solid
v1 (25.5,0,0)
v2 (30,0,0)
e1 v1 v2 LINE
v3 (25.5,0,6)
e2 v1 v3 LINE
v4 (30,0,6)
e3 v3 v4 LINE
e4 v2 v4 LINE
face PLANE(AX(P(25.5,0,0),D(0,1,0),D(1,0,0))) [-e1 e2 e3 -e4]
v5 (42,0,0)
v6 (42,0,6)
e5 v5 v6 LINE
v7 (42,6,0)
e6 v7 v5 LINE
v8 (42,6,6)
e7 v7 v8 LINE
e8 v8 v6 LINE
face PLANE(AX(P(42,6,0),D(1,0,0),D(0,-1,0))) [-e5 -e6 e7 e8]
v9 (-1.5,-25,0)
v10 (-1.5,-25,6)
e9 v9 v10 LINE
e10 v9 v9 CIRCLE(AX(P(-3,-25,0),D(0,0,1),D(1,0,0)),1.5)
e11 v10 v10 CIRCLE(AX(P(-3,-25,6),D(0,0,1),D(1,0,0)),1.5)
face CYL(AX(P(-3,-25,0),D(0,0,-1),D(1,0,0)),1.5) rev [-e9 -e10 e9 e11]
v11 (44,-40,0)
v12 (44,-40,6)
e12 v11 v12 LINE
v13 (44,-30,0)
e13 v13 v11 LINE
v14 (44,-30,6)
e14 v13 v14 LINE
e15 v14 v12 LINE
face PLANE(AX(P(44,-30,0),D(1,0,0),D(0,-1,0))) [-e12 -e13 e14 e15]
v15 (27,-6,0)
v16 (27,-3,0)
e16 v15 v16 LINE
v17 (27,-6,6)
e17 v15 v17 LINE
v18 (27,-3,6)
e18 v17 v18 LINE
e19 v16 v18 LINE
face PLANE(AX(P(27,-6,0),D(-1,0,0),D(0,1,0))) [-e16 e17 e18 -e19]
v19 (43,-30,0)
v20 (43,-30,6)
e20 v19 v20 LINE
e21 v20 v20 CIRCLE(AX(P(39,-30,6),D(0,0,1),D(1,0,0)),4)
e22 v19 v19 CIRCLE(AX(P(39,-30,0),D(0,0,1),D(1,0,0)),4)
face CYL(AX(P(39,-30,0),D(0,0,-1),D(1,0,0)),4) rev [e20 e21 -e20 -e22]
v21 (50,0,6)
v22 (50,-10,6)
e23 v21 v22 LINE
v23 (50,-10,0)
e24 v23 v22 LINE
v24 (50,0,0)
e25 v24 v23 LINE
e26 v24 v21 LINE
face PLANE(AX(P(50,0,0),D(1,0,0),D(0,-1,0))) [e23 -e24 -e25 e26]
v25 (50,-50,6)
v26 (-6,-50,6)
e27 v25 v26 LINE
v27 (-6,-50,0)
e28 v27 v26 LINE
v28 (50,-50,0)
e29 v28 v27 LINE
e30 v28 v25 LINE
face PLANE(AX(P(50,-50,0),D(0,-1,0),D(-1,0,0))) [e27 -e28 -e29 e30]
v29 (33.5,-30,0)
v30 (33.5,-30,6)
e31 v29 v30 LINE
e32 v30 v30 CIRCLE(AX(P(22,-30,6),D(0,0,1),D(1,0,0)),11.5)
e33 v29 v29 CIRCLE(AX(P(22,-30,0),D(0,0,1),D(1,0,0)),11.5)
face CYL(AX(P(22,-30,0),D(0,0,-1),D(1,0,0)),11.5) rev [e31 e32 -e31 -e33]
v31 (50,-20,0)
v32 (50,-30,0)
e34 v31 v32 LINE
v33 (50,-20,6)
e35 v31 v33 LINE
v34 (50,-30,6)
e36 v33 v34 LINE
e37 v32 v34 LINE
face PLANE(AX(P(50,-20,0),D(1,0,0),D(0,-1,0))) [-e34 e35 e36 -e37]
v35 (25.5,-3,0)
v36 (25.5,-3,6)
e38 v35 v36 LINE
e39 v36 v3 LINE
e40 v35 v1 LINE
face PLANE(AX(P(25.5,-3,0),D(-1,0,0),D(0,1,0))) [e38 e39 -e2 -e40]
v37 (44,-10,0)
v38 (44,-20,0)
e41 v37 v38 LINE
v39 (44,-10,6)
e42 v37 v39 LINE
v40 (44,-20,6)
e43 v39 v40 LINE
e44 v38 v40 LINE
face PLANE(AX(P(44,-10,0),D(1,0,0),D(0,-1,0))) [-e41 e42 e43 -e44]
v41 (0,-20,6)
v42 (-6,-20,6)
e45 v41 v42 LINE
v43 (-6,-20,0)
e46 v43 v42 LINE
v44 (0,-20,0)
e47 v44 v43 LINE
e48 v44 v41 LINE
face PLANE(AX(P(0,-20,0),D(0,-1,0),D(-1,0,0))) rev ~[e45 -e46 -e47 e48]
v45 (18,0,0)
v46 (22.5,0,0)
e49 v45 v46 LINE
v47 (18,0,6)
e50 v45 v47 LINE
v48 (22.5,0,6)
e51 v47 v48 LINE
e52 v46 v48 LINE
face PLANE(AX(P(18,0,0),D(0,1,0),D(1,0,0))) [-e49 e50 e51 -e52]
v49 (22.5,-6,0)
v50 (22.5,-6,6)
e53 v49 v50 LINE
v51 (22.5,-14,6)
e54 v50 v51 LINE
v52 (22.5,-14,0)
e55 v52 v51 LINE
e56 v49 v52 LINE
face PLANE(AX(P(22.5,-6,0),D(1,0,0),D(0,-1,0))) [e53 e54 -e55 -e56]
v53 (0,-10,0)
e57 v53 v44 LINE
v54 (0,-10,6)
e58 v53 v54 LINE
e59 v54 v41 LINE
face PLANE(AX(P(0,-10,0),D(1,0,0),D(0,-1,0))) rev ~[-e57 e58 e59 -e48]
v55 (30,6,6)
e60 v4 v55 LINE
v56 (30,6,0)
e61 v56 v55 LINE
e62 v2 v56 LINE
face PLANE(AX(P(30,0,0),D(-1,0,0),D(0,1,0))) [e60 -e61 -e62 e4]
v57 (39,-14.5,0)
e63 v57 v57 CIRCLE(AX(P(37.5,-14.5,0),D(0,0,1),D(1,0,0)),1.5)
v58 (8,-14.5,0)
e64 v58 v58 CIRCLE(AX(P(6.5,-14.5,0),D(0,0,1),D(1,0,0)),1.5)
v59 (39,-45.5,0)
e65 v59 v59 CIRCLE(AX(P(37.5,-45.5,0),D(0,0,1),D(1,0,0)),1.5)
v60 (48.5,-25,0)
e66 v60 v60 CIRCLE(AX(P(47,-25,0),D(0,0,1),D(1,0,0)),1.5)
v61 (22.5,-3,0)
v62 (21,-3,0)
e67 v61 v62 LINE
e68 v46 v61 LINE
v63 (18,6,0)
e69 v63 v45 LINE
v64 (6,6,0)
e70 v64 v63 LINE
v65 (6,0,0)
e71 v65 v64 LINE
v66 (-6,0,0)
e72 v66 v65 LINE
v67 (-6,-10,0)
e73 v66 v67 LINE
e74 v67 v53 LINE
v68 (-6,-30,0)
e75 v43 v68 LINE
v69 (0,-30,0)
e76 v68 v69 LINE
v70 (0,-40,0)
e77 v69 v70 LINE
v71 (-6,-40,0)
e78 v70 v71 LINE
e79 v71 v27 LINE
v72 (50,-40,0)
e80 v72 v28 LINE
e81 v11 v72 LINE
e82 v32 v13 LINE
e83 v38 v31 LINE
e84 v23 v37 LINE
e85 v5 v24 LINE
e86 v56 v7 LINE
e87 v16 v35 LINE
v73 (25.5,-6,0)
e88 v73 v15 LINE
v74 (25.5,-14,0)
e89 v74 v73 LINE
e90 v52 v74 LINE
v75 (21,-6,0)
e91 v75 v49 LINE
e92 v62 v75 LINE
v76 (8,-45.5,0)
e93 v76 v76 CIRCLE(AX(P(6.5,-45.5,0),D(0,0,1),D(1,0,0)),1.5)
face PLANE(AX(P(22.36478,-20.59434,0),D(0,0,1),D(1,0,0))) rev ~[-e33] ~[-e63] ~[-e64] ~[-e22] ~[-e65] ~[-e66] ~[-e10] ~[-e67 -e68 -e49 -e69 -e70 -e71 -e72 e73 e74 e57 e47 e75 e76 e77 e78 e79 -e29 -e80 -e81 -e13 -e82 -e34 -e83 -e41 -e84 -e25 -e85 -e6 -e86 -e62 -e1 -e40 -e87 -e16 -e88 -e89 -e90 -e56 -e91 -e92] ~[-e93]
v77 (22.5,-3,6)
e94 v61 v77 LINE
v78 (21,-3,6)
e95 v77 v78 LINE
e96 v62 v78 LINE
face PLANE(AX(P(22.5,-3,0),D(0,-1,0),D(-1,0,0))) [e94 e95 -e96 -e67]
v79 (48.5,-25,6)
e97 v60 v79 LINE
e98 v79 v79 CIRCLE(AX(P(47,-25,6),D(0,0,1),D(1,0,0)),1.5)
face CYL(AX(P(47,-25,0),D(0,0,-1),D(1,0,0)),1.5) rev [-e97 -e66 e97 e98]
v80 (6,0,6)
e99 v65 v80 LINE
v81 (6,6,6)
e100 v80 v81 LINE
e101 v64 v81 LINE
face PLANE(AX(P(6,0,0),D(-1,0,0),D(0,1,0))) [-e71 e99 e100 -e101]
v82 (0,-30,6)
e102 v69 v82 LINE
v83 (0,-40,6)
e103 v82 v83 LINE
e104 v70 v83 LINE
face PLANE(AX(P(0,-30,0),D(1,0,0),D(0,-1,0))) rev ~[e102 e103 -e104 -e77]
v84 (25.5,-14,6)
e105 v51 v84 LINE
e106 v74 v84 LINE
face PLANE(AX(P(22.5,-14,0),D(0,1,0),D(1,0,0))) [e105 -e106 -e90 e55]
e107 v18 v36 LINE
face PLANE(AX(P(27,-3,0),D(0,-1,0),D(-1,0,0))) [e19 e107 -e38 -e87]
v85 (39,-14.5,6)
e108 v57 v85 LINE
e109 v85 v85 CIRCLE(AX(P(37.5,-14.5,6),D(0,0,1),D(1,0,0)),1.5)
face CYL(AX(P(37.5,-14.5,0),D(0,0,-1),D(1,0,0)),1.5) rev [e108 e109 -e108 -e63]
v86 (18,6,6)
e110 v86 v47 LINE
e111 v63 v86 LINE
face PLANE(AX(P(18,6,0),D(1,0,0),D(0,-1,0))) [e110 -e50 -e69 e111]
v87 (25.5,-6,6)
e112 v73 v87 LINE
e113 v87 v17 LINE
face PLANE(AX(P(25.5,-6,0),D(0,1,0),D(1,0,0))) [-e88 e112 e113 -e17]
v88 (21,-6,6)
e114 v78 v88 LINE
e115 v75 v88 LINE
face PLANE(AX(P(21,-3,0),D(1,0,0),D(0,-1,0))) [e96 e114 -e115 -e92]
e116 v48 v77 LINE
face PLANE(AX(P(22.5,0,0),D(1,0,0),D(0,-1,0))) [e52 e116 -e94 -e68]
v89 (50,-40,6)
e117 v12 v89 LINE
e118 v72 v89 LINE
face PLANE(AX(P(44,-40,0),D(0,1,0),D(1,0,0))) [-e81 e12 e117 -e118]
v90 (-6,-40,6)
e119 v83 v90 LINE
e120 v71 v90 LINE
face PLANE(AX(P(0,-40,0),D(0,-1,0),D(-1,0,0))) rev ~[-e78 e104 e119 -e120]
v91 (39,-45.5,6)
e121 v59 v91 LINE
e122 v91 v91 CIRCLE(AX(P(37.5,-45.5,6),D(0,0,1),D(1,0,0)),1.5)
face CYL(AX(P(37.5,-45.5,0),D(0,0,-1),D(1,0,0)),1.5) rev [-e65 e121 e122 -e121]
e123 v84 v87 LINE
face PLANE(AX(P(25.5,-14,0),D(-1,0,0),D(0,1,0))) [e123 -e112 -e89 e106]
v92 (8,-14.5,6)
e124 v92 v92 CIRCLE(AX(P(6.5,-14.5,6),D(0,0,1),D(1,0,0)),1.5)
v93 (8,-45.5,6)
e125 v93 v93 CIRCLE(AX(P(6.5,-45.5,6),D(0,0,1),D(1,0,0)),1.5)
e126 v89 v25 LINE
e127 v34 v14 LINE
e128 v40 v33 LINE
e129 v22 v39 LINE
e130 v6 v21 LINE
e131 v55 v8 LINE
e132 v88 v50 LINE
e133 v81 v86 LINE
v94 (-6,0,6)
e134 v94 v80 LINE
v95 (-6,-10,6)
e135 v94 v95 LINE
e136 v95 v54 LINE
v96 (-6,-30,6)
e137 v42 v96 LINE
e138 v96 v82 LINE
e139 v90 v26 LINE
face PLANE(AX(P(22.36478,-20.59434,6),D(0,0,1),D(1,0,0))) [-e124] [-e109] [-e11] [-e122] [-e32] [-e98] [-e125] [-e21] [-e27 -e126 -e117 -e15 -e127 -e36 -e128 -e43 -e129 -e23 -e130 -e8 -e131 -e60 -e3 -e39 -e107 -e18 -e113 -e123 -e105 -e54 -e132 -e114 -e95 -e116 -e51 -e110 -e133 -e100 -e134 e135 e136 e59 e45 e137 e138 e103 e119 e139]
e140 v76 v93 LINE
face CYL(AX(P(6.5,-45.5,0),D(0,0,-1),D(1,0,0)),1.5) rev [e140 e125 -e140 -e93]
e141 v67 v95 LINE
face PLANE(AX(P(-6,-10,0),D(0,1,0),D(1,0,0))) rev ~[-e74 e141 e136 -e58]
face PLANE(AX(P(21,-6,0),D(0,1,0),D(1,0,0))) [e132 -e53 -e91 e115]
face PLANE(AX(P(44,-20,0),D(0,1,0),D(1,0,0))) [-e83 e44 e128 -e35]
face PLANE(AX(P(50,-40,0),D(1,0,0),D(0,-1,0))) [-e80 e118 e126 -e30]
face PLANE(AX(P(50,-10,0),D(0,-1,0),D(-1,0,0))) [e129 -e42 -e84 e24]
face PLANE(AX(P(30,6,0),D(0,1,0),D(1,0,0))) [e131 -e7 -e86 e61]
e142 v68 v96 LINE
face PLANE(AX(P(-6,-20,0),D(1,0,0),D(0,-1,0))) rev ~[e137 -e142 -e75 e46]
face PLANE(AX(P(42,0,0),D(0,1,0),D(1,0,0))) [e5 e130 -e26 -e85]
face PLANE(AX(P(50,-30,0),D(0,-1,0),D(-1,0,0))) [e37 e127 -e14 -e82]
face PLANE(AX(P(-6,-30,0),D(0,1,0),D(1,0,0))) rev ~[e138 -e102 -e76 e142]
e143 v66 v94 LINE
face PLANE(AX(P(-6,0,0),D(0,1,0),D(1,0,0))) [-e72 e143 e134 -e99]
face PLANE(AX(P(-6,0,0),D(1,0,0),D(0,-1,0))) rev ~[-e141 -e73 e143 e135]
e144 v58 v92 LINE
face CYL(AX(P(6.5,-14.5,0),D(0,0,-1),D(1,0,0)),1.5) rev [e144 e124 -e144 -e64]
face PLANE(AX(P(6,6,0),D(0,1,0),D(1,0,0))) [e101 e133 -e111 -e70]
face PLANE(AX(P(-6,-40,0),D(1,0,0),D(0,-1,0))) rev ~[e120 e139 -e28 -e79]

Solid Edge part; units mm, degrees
sketch "Sketch1" plane through (0, 0, 0) normal (0, 0, 1) x (1, 0, 0)
  circle A0 centre (22, -30) radius 11.5
  circle A1 centre (6.5, -14.5) radius 1.5
  circle A2 centre (37.5, -14.5) radius 1.5
  circle A3 centre (37.5, -45.5) radius 1.5
  circle A4 centre (6.5, -45.5) radius 1.5
  circle A5 centre (39, -30) radius 4
  circle A6 centre (-3, -25) radius 1.5
  circle A7 centre (47, -25) radius 1.5
  line L0 (-6, -40) -> (-6, -50)
  line L1 (50, -50) -> (-6, -50)
  line L2 (50, -40) -> (50, -50)
  line L3 (44, -40) -> (50, -40)
  line L4 (44, -30) -> (44, -40)
  line L5 (50, -30) -> (44, -30)
  line L6 (50, -20) -> (50, -30)
  line L7 (44, -20) -> (50, -20)
  line L8 (44, -10) -> (44, -20)
  line L9 (50, -10) -> (44, -10)
  line L10 (50, 0) -> (50, -10)
  line L11 (42, 0) -> (50, 0)
  line L12 (42, 6) -> (42, 0)
  line L13 (30, 6) -> (42, 6)
  line L14 (30, 0) -> (30, 6)
  line L15 (25.5, 0) -> (30, 0)
  line L16 (25.5, -3) -> (25.5, 0)
  line L17 (27, -3) -> (25.5, -3)
  line L18 (27, -6) -> (27, -3)
  line L19 (25.5, -6) -> (27, -6)
  line L20 (25.5, -14) -> (25.5, -6)
  line L21 (22.5, -14) -> (25.5, -14)
  line L22 (22.5, -6) -> (22.5, -14)
  line L23 (21, -6) -> (22.5, -6)
  line L24 (21, -3) -> (21, -6)
  line L25 (22.5, -3) -> (21, -3)
  line L26 (22.5, 0) -> (22.5, -3)
  line L27 (18, 0) -> (22.5, 0)
  line L28 (18, 6) -> (18, 0)
  line L29 (6, 6) -> (18, 6)
  line L30 (6, 0) -> (6, 6)
  line L31 (-6, 0) -> (6, 0)
  line L32 (-6, 0) -> (-6, -10)
  line L33 (-6, -10) -> (0, -10)
  line L34 (0, -10) -> (0, -20)
  line L35 (0, -20) -> (-6, -20)
  line L36 (-6, -20) -> (-6, -30)
  line L37 (-6, -30) -> (0, -30)
  line L38 (0, -30) -> (0, -40)
  line L39 (0, -40) -> (-6, -40)
  dimension "D1" = 17
  dimension "D2" = 3
  dimension "D3" = 3
  dimension "D4" = 3
  dimension "D5" = 15.5
  dimension "D6" = 15.5
  dimension "D7" = 15.5
  dimension "D8" = 15.5
extrude "Protrusion1" add sketch "Sketch1" along normal blind 6
